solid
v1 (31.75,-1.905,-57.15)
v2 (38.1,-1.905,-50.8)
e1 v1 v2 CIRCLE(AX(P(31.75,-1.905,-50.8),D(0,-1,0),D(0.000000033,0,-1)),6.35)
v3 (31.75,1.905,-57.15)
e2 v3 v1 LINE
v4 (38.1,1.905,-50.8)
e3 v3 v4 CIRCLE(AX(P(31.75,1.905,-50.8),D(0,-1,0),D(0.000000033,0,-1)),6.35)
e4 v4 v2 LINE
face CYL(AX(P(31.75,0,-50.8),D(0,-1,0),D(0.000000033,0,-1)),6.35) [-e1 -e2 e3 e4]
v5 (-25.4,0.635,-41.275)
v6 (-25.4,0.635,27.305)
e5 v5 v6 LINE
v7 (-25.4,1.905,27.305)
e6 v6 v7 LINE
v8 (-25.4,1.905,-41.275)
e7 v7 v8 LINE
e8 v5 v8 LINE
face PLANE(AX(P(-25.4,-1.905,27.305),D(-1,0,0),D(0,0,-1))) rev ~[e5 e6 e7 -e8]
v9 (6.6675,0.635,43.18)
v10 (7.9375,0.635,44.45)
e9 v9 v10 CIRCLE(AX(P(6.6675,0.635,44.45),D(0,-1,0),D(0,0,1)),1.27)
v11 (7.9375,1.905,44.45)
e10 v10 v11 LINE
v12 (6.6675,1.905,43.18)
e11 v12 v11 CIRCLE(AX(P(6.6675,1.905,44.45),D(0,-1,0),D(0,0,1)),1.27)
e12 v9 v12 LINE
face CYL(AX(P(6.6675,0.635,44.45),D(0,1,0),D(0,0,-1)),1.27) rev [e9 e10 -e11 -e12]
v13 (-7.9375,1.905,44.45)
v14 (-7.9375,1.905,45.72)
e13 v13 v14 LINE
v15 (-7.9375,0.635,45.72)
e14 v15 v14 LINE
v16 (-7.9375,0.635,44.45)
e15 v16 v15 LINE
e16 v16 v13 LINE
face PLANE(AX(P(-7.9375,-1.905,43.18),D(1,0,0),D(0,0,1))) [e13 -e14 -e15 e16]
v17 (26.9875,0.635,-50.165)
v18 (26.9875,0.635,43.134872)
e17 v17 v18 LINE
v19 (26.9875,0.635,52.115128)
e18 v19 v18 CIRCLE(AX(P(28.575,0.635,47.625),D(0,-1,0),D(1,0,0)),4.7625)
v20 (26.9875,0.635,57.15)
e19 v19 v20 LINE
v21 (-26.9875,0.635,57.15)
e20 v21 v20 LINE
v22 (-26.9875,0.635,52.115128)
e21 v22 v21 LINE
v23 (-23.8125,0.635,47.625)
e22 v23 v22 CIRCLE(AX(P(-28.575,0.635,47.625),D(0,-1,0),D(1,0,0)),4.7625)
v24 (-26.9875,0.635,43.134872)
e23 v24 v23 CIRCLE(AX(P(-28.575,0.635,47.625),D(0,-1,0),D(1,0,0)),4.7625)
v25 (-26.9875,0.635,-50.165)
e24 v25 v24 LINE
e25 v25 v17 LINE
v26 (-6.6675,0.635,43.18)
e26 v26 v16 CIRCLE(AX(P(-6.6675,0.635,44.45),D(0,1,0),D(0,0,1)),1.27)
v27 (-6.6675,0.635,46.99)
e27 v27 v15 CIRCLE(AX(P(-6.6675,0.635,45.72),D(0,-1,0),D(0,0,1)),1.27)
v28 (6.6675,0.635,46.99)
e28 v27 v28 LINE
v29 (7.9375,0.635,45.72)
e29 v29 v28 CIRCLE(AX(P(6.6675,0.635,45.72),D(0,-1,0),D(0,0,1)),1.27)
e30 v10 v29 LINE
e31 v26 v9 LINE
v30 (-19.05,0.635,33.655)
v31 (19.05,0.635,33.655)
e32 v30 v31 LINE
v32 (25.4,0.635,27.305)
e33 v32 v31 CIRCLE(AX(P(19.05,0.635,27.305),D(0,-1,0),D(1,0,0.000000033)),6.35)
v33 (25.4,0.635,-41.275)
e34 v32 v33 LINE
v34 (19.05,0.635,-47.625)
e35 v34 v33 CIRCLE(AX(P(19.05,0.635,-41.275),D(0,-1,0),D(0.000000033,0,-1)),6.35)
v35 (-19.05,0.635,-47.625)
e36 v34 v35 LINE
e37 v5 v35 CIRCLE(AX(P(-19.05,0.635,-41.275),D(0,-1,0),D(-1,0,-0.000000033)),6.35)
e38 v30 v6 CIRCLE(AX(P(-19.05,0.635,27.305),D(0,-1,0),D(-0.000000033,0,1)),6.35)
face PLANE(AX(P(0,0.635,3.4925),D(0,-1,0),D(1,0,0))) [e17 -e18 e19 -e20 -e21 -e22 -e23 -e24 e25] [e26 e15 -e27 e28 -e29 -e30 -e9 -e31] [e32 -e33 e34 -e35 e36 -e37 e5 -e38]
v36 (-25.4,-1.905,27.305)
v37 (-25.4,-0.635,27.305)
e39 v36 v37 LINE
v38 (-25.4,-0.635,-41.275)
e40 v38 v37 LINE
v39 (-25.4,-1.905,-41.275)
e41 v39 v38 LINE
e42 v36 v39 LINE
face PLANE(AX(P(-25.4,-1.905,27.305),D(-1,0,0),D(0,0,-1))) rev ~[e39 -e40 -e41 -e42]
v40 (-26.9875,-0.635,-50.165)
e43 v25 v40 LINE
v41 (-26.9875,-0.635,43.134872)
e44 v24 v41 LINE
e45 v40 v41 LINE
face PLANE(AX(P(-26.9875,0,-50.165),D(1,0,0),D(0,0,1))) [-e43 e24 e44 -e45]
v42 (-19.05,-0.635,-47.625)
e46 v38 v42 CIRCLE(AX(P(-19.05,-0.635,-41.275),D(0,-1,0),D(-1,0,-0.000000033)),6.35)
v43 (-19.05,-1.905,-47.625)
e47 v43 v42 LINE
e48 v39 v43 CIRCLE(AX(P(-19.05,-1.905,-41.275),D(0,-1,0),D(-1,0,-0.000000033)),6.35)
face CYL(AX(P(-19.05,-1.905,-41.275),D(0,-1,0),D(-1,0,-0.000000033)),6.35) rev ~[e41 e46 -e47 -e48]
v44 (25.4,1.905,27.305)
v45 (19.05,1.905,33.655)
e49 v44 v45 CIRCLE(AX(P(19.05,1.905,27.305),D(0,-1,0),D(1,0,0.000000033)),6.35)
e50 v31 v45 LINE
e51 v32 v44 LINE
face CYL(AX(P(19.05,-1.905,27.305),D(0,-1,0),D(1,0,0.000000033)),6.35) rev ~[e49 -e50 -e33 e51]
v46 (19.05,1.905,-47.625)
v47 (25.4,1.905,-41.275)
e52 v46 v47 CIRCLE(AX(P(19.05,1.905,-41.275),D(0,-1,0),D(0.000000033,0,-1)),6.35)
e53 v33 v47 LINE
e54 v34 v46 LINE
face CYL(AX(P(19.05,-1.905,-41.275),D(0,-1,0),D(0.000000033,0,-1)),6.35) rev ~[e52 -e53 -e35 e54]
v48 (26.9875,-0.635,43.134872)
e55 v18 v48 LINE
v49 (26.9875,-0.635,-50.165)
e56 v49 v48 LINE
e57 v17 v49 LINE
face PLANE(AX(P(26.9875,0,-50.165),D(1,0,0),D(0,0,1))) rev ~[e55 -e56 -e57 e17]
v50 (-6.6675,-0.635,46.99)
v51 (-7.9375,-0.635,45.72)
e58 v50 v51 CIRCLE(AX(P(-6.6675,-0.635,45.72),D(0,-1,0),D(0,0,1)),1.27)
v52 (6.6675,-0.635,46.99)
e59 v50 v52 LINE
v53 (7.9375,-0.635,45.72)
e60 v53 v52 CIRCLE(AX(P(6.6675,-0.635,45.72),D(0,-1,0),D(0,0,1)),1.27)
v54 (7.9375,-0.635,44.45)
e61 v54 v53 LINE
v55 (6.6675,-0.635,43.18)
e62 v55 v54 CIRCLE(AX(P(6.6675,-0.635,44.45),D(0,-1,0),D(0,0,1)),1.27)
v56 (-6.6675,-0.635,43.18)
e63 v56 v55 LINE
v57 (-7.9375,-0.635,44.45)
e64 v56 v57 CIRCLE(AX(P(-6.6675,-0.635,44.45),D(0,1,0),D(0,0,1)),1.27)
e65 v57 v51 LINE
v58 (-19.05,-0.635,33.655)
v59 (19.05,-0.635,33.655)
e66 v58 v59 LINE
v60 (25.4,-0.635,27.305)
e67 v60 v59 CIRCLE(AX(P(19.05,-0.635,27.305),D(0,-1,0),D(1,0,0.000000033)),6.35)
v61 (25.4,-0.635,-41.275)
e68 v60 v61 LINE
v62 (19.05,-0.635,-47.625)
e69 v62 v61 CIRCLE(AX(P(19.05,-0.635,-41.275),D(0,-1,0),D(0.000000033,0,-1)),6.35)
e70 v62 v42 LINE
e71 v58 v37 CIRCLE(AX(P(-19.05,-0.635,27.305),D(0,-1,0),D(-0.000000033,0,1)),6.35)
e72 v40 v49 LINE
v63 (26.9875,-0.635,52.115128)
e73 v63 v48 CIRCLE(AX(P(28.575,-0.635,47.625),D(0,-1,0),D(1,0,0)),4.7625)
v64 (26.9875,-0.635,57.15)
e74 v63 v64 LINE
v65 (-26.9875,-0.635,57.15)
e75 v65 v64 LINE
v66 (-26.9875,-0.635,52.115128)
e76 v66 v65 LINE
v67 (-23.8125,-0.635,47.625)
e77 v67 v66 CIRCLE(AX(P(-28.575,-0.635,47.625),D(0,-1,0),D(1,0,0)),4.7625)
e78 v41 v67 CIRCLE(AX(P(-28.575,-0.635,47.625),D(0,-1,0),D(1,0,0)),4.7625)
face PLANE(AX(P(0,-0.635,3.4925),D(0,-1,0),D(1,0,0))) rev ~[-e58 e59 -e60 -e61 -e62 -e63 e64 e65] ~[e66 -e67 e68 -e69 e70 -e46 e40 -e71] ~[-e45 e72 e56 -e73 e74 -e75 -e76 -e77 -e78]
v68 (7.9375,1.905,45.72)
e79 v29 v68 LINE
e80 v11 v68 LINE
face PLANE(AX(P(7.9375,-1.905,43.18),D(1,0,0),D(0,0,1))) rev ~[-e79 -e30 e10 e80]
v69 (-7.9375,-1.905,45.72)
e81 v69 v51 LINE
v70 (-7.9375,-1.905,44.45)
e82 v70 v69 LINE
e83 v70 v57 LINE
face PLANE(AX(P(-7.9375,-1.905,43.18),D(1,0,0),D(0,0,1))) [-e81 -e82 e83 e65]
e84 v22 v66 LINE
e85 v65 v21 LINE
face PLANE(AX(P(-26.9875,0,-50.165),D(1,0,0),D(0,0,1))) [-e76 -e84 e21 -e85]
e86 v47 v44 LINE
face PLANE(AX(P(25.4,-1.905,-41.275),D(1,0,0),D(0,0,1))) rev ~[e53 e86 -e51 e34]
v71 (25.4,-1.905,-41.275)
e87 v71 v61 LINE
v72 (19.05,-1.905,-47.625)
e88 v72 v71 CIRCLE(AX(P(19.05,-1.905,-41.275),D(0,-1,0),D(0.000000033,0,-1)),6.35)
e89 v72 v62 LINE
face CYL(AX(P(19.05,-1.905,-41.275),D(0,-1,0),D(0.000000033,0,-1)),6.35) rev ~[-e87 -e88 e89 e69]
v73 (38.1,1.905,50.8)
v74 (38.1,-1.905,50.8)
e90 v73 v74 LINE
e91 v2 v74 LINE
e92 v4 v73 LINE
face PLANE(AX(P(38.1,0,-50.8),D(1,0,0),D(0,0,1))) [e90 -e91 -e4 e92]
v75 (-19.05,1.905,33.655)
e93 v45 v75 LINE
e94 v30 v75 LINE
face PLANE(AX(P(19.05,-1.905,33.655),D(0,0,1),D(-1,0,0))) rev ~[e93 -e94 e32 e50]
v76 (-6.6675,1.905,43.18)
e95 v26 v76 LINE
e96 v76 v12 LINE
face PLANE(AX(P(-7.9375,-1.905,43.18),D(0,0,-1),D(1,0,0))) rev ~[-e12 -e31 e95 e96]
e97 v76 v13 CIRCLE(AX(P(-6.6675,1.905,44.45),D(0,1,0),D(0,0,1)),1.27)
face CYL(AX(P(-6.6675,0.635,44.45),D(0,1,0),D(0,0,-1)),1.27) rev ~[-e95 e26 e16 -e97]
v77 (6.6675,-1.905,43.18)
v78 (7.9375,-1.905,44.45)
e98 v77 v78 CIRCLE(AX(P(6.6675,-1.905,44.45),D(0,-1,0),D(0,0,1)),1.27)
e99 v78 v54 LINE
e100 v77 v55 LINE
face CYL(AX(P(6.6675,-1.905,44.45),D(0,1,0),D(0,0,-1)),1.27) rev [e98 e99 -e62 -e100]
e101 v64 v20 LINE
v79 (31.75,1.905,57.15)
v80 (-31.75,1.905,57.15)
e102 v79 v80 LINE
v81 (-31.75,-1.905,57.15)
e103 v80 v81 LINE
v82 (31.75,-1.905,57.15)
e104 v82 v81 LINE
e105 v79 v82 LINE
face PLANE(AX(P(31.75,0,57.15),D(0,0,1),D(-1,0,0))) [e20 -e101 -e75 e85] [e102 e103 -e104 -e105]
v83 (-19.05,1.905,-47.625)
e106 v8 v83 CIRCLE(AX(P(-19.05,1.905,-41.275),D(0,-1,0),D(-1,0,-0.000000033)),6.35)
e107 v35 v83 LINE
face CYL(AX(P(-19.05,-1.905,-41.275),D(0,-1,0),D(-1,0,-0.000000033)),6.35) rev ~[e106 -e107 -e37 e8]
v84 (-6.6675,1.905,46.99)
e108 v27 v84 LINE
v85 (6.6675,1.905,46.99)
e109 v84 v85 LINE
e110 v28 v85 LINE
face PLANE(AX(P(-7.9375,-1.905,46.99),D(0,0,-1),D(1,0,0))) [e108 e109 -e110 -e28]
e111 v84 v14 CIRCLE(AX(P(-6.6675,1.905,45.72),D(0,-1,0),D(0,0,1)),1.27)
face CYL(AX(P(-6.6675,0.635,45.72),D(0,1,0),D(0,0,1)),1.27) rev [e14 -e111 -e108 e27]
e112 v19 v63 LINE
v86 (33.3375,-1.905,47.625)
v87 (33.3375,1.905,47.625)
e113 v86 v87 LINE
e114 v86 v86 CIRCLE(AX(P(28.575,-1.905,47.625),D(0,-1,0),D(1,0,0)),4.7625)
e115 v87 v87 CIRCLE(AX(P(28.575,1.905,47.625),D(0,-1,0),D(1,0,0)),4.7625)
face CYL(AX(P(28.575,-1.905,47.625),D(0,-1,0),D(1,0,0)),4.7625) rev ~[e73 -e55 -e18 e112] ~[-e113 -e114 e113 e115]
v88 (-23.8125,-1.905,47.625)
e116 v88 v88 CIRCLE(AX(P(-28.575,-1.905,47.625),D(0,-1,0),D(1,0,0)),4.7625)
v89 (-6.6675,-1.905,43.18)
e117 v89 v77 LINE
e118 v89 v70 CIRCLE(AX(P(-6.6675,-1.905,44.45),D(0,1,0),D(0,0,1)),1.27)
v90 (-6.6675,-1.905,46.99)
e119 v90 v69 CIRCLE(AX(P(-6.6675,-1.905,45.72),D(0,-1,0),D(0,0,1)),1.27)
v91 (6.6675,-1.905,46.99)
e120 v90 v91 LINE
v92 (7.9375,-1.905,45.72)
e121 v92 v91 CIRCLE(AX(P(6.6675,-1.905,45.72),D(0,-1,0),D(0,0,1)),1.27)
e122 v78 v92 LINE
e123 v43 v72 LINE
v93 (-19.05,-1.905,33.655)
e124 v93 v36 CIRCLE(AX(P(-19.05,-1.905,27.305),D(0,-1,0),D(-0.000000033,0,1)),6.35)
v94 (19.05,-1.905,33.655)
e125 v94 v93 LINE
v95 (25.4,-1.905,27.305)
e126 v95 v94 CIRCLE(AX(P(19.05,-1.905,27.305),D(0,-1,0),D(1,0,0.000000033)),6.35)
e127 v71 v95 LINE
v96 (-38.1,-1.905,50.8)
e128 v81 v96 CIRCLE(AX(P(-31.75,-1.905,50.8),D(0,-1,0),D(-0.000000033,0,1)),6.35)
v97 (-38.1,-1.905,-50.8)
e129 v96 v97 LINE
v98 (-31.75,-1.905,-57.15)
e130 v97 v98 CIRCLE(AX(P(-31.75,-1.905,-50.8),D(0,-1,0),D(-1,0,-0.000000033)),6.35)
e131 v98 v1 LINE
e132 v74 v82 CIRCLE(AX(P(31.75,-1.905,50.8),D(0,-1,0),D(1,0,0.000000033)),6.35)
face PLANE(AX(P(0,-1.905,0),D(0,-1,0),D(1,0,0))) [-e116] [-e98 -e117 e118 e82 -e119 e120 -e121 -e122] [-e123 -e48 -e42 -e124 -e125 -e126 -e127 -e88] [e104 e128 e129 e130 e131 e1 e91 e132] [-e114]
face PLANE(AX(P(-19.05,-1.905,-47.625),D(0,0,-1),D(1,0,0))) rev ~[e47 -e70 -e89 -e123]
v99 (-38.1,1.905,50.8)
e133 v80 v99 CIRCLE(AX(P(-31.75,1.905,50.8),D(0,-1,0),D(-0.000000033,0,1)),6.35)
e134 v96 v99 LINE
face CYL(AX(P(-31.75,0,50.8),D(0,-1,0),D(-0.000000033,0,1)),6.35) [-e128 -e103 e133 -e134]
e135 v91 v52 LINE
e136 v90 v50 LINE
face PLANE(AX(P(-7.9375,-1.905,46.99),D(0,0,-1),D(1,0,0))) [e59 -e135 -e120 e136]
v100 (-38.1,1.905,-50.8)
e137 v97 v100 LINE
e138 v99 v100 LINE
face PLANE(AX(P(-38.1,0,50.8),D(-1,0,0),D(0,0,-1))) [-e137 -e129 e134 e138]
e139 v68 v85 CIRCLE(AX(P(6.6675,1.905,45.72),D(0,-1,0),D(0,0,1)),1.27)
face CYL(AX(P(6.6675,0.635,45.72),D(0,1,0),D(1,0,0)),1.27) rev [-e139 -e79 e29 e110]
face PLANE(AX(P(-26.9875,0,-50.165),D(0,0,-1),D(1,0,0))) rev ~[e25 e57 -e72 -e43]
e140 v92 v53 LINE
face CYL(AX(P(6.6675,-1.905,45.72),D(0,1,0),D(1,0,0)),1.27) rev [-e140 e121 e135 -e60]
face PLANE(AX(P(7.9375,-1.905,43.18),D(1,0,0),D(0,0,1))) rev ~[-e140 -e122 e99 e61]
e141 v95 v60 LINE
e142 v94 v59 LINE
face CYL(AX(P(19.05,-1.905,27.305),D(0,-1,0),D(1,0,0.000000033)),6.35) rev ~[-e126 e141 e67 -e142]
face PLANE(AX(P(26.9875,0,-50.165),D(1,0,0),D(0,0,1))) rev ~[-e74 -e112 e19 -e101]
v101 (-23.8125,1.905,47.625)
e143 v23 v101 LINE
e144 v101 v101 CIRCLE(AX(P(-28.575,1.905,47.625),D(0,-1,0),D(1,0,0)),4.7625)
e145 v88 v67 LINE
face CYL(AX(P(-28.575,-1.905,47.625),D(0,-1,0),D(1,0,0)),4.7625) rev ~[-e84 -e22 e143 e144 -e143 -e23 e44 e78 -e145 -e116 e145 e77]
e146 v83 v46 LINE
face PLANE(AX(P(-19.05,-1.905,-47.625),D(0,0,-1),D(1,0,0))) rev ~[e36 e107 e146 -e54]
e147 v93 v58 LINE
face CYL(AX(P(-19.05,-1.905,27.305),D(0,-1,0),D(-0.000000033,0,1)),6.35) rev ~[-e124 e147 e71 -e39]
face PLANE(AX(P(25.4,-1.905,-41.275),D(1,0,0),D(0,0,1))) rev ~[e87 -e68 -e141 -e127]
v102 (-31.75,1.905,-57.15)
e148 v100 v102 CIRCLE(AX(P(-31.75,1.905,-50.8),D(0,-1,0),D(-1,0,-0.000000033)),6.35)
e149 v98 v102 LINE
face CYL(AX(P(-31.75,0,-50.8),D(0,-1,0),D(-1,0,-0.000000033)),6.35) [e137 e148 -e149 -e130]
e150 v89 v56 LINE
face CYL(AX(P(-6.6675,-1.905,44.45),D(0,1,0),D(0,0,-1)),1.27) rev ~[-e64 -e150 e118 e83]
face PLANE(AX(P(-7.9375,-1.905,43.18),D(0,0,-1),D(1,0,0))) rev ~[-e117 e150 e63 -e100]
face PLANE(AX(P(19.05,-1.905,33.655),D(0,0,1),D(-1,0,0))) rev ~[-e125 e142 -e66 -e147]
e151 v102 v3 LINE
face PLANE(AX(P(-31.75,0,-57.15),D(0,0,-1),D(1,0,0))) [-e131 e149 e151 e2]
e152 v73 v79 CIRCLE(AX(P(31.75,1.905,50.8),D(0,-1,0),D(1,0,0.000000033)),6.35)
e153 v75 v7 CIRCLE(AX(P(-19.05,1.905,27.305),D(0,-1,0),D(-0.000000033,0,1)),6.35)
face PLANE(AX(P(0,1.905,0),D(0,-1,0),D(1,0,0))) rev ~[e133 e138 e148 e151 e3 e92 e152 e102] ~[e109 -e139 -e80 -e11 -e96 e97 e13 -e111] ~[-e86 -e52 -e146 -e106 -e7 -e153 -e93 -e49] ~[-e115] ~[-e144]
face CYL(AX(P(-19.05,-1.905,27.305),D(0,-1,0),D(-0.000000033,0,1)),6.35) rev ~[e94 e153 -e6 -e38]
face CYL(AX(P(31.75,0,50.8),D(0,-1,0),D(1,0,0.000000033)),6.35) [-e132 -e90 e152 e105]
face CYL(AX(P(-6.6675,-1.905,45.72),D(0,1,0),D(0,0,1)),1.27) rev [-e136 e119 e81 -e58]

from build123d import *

# Parameters (mm, degrees)
F1_DEPTH  = 1.905
F3_DEPTH  = 3.811
F4_W      = 53.975
F4_H      = 107.315
F5_DEPTH  = 0.635
F6_W      = 15.875
F6_H      = 3.81
F7_DEPTH  = 3.811
F8_R      = 1.27
F9_R      = 4.7625
F10_DEPTH = 3.811


with BuildPart() as f1:
    # F0 (on Front) → F1 (new body, symmetric)
    with BuildSketch(Plane.XZ):
        with BuildLine():
            Line((-31.75, -57.15), (31.75, -57.15))
            ThreePointArc((31.75, -57.15), (36.240128, -55.290128), (38.1, -50.8))
            Line((38.1, -50.8), (38.1, 50.8))
            ThreePointArc((38.1, 50.8), (36.240128, 55.290128), (31.75, 57.15))
            Line((31.75, 57.15), (-31.75, 57.15))
            ThreePointArc((-31.75, 57.15), (-36.240128, 55.290128), (-38.1, 50.8))
            Line((-38.1, 50.8), (-38.1, -50.8))
            ThreePointArc((-38.1, -50.8), (-36.240128, -55.290128), (-31.75, -57.15))
        make_face()
    extrude(amount=F1_DEPTH, both=True)

    # F2 (on face) → F3 (cut, through all)
    with BuildSketch(Plane.XZ.offset(1.905)):
        with BuildLine():
            Line((19.05, 33.655), (-19.05, 33.655))
            ThreePointArc((-19.05, 33.655), (-23.540128, 31.795128), (-25.4, 27.305))
            Line((-25.4, 27.305), (-25.4, -41.275))
            ThreePointArc((-25.4, -41.275), (-23.540128, -45.765128), (-19.05, -47.625))
            Line((-19.05, -47.625), (19.05, -47.625))
            ThreePointArc((19.05, -47.625), (23.540128, -45.765128), (25.4, -41.275))
            Line((25.4, -41.275), (25.4, 27.305))
            ThreePointArc((25.4, 27.305), (23.540128, 31.795128), (19.05, 33.655))
        make_face()
    extrude(amount=-F3_DEPTH, mode=Mode.SUBTRACT)

    # F4 (on Front) → F5 (cut, symmetric)
    with BuildSketch(Plane.XZ):
        with Locations((0, 3.4925)):
            Rectangle(F4_W, F4_H)
    extrude(amount=F5_DEPTH, both=True, mode=Mode.SUBTRACT)

    # F6 (on face) → F7 (cut, through all)
    with BuildSketch(Plane.XZ.offset(1.905)):
        with Locations((0, 45.085)):
            Rectangle(F6_W, F6_H)
    extrude(amount=-F7_DEPTH, mode=Mode.SUBTRACT)

    # F8
    f8_edges = [f1.edges().sort_by_distance(p)[0] for p in [
        (-7.9375, 1.27, 46.99),
        (-7.9375, -1.27, 46.99),
        (7.9375, 1.27, 46.99),
        (7.9375, -1.27, 46.99),
        (7.9375, 1.27, 43.18),
        (7.9375, -1.27, 43.18),
        (-7.9375, 1.27, 43.18),
        (-7.9375, -1.27, 43.18),
    ]]
    fillet(f8_edges, radius=F8_R)

    # F9 (on face) → F10 (cut, through all)
    with BuildSketch(Plane.XZ.offset(1.905)):
        with Locations((-28.575, 47.625)):
            Circle(F9_R)
        with Locations((28.575, 47.625)):
            Circle(F9_R)
    extrude(amount=-F10_DEPTH, mode=Mode.SUBTRACT)


solid = f1.part
